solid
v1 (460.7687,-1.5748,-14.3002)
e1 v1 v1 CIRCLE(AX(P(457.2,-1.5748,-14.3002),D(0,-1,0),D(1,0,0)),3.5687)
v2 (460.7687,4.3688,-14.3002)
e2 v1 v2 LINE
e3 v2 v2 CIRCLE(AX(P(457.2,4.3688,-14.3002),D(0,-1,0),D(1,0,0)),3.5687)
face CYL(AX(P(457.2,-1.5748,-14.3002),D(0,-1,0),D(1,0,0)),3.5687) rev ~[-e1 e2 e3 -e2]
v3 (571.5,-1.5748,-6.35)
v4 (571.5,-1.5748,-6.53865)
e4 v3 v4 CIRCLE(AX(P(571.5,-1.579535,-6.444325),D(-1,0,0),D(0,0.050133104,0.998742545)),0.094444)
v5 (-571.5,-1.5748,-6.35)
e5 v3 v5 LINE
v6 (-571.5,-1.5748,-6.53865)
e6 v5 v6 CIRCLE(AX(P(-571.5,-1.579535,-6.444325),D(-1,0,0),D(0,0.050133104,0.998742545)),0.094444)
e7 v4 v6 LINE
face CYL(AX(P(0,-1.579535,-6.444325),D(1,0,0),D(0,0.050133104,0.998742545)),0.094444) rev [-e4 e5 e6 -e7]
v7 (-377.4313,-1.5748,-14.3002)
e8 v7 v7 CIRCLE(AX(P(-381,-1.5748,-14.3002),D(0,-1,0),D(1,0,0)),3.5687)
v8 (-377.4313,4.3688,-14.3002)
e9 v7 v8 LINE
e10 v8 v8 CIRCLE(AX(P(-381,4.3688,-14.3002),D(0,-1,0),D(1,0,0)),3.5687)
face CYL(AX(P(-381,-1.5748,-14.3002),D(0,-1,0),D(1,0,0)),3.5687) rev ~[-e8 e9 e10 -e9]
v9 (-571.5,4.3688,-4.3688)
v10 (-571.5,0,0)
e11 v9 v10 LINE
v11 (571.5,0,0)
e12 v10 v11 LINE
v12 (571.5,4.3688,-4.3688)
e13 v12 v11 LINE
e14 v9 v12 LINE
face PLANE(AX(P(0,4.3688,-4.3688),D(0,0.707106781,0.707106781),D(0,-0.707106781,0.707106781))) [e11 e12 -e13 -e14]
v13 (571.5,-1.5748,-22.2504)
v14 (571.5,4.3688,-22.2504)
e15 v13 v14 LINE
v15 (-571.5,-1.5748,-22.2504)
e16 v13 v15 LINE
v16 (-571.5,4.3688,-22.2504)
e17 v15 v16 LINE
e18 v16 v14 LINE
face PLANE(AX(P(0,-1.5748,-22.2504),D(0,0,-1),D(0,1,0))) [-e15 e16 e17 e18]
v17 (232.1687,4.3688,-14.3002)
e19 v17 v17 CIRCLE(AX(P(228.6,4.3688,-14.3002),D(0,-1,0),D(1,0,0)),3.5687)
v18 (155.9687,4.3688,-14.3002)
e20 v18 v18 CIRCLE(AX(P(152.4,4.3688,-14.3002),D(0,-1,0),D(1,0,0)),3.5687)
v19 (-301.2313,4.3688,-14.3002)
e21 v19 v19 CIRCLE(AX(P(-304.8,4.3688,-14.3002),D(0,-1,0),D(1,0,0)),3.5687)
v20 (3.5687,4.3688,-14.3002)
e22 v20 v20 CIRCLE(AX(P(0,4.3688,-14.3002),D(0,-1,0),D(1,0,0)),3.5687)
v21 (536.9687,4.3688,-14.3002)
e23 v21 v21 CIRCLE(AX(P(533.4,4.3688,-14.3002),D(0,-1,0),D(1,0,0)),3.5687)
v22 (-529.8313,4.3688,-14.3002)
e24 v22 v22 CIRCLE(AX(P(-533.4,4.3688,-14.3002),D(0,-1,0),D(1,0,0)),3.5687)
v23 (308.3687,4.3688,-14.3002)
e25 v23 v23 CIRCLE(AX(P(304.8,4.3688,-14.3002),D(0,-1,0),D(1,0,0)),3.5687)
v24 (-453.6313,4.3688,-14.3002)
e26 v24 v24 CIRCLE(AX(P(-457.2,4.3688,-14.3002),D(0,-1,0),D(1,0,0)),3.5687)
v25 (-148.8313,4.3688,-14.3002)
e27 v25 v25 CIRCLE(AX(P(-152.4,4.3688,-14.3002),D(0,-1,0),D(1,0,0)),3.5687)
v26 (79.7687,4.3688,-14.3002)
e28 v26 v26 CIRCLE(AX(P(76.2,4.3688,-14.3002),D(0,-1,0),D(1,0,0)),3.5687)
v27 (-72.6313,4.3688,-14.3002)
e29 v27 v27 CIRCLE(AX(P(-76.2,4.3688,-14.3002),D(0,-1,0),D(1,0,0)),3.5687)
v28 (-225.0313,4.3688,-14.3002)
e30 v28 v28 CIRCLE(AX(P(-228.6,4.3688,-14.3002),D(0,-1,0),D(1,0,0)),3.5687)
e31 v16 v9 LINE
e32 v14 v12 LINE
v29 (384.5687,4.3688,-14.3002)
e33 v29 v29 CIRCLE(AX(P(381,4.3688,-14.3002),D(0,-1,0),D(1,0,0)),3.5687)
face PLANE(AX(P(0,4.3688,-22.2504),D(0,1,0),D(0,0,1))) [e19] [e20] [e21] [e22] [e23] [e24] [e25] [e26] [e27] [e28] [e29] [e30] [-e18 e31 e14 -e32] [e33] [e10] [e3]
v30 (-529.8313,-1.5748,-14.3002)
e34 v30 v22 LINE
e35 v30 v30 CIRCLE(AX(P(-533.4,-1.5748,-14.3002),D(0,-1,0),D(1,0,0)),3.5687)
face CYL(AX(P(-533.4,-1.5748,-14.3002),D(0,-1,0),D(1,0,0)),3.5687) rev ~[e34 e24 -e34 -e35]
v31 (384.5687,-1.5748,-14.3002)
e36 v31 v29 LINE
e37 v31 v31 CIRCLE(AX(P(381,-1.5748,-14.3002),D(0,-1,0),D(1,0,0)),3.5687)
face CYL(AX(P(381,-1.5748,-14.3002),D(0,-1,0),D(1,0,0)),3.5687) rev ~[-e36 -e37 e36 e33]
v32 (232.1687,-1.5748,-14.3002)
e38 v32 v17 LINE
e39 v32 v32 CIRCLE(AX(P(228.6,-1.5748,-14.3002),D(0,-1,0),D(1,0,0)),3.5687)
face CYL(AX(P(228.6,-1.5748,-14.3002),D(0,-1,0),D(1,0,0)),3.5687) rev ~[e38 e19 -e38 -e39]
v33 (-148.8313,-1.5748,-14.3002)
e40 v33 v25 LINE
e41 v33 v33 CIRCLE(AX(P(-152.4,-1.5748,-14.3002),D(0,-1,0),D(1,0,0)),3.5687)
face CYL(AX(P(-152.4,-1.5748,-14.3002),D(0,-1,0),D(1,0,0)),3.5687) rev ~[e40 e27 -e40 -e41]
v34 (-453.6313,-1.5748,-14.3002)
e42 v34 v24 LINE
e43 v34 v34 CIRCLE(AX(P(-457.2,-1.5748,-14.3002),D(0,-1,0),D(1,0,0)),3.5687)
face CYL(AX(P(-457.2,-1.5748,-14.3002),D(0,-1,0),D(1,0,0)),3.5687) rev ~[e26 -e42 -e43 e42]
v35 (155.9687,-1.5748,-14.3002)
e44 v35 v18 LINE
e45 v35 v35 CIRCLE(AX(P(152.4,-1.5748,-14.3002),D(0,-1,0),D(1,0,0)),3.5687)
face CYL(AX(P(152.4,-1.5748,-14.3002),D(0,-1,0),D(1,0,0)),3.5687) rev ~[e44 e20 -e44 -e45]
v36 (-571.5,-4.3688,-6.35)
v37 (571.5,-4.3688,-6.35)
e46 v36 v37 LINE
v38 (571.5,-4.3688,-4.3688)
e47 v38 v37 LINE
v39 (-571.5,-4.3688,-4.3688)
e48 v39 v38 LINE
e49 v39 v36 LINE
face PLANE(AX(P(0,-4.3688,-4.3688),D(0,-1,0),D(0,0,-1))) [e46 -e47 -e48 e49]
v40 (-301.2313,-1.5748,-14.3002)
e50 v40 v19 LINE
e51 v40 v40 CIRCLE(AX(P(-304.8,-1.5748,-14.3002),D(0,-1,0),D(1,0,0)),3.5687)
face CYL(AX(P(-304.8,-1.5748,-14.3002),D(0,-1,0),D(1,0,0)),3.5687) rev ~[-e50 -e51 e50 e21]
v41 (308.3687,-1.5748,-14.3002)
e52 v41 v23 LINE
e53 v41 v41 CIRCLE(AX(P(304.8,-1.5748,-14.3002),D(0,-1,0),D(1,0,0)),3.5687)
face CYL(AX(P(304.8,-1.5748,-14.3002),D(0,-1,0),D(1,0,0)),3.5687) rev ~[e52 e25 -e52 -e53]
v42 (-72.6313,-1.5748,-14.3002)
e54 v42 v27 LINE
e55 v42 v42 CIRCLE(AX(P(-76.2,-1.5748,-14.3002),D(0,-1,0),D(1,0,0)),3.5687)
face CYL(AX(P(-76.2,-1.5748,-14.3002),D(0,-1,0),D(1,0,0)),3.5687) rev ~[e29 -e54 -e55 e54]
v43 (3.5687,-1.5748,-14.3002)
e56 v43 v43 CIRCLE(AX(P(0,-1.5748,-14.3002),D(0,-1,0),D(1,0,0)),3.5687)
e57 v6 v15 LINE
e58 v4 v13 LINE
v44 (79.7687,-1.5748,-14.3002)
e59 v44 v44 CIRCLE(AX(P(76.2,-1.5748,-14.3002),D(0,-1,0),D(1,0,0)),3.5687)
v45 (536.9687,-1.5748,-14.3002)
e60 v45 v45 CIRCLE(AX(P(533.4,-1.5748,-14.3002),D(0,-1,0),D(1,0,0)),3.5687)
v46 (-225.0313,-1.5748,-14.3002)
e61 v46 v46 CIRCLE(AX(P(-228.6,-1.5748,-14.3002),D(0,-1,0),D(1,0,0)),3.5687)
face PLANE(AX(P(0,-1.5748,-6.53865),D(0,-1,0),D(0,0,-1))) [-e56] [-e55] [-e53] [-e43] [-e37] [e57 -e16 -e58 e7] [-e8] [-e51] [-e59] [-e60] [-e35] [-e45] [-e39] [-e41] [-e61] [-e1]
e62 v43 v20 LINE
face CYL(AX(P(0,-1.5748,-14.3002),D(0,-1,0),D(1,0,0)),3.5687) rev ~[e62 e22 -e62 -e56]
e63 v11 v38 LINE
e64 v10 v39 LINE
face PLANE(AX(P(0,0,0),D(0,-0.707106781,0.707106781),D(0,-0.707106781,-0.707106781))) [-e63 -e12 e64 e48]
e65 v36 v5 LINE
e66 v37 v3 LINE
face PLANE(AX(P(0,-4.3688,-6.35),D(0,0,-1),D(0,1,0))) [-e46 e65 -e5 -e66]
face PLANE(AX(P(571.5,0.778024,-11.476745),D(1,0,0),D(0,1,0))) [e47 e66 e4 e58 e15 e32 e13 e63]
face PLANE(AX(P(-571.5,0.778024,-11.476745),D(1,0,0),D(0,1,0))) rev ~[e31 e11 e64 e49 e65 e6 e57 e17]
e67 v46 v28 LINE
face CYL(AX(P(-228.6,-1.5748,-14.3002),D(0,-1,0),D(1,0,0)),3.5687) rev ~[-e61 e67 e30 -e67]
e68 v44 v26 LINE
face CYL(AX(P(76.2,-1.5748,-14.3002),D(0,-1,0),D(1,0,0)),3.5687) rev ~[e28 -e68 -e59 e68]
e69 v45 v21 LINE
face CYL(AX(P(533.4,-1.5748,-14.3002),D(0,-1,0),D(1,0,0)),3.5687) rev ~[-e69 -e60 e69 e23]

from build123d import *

# Parameters (mm, degrees)
F1_DEPTH = 571.5
F2_R     = 3.5687
F3_DEPTH = 25.4


with BuildPart() as f1:
    # F0 (on Right) → F1 (new body, symmetric)
    with BuildSketch(Plane.YZ):
        with BuildLine():
            Line((-1.5748, -22.2504), (4.3688, -22.2504))
            Line((4.3688, -22.2504), (4.3688, -4.3688))
            Line((4.3688, -4.3688), (0, 0))
            Line((0, 0), (-4.3688, -4.3688))
            Line((-4.3688, -4.3688), (-4.3688, -6.35))
            Line((-4.3688, -6.35), (-1.584269, -6.35))
            Line((-1.584269, -6.35), (-1.5748, -6.35))
            ThreePointArc((-1.5748, -6.35), (-1.485091, -6.444325), (-1.5748, -6.53865))
            Line((-1.5748, -6.53865), (-1.5748, -22.2504))
        make_face()
    extrude(amount=F1_DEPTH, both=True)

    # F2 (on face) → F3 (cut)
    with BuildSketch(Plane.XZ.offset(1.5748)):
        with Locations((0, -14.3002)):
            Circle(F2_R)
        with Locations((76.2, -14.3002)):
            Circle(F2_R)
        with Locations((152.4, -14.3002)):
            Circle(F2_R)
        with Locations((228.6, -14.3002)):
            Circle(F2_R)
        with Locations((304.8, -14.3002)):
            Circle(F2_R)
        with Locations((381, -14.3002)):
            Circle(F2_R)
        with Locations((457.2, -14.3002)):
            Circle(F2_R)
        with Locations((533.4, -14.3002)):
            Circle(F2_R)
        with Locations((-76.2, -14.3002)):
            Circle(F2_R)
        with Locations((-152.4, -14.3002)):
            Circle(F2_R)
        with Locations((-228.6, -14.3002)):
            Circle(F2_R)
        with Locations((-304.8, -14.3002)):
            Circle(F2_R)
        with Locations((-381, -14.3002)):
            Circle(F2_R)
        with Locations((-457.2, -14.3002)):
            Circle(F2_R)
        with Locations((-533.4, -14.3002)):
            Circle(F2_R)
    extrude(amount=-F3_DEPTH, mode=Mode.SUBTRACT)


solid = f1.part
